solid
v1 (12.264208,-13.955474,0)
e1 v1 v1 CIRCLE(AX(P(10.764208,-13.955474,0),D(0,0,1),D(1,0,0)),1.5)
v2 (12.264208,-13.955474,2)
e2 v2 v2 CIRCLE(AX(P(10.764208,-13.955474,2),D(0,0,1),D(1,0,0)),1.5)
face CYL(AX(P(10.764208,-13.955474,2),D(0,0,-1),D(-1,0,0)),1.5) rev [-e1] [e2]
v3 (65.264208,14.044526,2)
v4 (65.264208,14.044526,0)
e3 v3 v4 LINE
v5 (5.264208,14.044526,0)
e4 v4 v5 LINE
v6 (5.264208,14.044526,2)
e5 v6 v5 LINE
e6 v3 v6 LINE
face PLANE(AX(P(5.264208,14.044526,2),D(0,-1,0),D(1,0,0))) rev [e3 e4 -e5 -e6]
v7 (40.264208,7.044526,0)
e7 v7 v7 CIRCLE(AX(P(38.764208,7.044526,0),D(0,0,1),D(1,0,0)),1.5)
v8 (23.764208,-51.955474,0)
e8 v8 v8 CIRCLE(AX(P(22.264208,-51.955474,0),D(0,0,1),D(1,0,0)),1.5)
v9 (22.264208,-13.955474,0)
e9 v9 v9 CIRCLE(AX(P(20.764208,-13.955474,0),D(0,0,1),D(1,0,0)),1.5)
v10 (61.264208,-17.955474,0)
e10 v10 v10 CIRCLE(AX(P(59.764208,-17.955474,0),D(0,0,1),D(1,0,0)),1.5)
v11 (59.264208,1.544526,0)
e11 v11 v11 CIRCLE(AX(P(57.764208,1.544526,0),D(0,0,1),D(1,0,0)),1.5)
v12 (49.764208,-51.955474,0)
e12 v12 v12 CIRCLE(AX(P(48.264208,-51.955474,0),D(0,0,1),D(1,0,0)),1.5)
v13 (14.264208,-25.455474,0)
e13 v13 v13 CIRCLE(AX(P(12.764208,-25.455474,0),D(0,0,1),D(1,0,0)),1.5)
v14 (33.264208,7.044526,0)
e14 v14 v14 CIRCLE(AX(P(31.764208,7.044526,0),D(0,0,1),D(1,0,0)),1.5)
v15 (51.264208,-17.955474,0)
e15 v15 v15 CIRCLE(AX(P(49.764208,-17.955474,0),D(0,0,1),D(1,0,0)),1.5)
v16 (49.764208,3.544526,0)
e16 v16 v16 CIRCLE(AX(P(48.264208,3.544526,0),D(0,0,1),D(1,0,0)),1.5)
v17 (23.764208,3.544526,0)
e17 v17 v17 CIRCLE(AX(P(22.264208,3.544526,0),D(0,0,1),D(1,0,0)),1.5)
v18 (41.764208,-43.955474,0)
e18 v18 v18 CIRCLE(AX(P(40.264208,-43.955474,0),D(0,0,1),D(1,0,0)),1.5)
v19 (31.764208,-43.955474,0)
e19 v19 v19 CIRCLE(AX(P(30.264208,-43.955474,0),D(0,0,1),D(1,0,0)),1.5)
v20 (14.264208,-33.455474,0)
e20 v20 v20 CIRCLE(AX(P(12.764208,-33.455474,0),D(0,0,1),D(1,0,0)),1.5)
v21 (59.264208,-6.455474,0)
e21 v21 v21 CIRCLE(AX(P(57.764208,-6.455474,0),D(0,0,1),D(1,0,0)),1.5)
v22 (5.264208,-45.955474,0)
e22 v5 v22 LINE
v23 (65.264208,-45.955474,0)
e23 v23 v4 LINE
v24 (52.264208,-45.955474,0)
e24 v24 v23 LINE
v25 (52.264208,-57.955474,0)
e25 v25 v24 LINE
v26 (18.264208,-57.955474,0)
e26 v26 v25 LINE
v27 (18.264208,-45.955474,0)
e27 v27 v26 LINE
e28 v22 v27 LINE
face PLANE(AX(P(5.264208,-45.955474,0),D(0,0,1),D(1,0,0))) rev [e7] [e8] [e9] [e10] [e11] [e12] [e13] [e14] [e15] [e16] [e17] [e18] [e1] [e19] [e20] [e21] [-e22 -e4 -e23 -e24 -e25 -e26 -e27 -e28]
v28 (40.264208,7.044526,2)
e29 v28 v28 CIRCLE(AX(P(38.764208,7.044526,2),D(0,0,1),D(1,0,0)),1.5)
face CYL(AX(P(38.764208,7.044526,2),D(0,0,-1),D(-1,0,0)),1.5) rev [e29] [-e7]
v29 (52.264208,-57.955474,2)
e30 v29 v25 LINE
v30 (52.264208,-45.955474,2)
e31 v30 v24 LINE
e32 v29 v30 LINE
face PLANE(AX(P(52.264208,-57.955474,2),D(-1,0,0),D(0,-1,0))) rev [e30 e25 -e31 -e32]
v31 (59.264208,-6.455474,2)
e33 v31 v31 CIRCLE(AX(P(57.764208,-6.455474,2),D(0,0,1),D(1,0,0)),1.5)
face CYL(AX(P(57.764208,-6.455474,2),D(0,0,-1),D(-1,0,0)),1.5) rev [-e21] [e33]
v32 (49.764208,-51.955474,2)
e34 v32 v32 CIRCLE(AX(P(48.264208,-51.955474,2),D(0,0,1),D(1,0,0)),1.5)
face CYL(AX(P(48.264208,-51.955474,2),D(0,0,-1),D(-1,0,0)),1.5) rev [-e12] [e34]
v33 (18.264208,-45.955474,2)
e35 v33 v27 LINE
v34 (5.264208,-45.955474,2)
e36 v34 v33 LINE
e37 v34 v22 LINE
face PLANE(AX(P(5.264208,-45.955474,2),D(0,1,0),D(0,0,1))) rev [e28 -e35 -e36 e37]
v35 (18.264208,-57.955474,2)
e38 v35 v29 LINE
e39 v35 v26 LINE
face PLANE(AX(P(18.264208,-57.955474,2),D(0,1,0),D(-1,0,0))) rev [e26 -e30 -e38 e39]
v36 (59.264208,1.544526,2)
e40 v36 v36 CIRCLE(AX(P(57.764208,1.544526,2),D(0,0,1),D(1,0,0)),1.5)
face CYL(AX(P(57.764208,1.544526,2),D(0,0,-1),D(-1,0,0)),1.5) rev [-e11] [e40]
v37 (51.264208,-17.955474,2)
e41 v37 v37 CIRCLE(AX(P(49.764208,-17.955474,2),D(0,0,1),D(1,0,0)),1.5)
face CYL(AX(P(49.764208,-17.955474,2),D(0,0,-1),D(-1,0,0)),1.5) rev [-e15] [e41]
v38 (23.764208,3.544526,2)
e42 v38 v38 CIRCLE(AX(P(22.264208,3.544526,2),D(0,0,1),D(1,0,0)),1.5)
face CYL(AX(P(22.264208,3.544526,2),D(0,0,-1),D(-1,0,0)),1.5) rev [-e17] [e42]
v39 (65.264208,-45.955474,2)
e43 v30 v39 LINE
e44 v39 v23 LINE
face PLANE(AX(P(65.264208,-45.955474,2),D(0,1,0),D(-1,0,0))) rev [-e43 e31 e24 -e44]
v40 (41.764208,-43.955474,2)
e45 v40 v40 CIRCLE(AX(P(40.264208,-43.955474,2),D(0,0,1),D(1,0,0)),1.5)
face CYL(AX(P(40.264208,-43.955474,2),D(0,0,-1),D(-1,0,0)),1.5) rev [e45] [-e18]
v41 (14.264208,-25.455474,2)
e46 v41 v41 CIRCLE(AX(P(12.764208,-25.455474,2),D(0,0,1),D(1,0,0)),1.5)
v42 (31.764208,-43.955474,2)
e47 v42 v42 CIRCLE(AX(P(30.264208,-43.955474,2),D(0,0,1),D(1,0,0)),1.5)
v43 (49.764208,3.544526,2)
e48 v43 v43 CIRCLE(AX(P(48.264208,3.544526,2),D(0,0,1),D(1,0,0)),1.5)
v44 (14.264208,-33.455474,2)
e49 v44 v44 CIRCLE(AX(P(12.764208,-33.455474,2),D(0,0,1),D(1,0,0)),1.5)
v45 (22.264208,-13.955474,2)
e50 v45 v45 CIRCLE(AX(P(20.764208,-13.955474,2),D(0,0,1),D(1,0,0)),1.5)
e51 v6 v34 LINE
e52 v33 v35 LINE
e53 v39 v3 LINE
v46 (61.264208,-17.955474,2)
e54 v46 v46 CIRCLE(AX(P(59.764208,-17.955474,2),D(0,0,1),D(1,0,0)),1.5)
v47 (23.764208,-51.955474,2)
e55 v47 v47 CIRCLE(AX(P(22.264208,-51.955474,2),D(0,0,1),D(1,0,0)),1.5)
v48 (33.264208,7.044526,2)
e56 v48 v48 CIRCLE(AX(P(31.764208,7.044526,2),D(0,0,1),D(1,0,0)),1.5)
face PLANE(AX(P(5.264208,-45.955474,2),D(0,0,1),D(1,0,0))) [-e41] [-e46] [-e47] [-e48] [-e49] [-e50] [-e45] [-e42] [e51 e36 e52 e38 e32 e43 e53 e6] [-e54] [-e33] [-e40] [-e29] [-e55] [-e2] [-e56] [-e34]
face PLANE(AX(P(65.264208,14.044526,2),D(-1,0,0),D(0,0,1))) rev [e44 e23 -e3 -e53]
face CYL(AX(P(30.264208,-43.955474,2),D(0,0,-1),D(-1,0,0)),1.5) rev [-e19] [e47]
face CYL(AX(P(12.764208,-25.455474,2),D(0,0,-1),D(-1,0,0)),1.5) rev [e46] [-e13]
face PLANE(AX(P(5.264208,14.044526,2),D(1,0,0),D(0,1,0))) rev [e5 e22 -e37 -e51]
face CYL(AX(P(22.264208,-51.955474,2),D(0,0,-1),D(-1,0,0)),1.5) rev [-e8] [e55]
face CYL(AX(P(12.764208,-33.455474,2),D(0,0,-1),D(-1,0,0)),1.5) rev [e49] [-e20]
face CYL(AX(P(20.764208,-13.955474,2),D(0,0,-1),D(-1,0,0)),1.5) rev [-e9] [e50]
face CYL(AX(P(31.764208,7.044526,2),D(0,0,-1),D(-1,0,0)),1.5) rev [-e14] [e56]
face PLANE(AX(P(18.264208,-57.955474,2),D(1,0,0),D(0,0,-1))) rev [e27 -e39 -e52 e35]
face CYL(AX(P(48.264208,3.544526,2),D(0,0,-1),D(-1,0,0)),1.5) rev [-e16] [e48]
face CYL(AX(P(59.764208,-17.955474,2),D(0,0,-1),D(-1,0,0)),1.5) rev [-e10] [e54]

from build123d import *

# Parameters (mm, degrees)
ESQUISSE1_R      = 1.5
EXTRUSION1_DEPTH = 2


with BuildPart() as part:
    # Esquisse1 → Extrusion1 (new body)
    with BuildSketch(Plane.XY):
        Polygon((5.264207965, 14.044526316), (65.264207965, 14.044526316), (65.264207965, -45.955473684), (52.264207965, -45.955473684), (52.264207965, -57.955473684), (18.264207965, -57.955473684), (18.264207965, -45.955473684), (5.264207965, -45.955473684), align=None)
        with Locations((57.764207965, 1.544526316)):
            Circle(ESQUISSE1_R, mode=Mode.SUBTRACT)
        with Locations((57.764207965, -6.455473684)):
            Circle(ESQUISSE1_R, mode=Mode.SUBTRACT)
        with Locations((12.764207965, -33.455473684)):
            Circle(ESQUISSE1_R, mode=Mode.SUBTRACT)
        with Locations((12.764207965, -25.455473684)):
            Circle(ESQUISSE1_R, mode=Mode.SUBTRACT)
        with Locations((40.264207965, -43.955473684)):
            Circle(ESQUISSE1_R, mode=Mode.SUBTRACT)
        with Locations((30.264207965, -43.955473684)):
            Circle(ESQUISSE1_R, mode=Mode.SUBTRACT)
        with Locations((49.764207965, -17.955473684)):
            Circle(ESQUISSE1_R, mode=Mode.SUBTRACT)
        with Locations((59.764207965, -17.955473684)):
            Circle(ESQUISSE1_R, mode=Mode.SUBTRACT)
        with Locations((31.764207965, 7.044526316)):
            Circle(ESQUISSE1_R, mode=Mode.SUBTRACT)
        with Locations((38.764207965, 7.044526316)):
            Circle(ESQUISSE1_R, mode=Mode.SUBTRACT)
        with Locations((22.264207965, 3.544526316)):
            Circle(ESQUISSE1_R, mode=Mode.SUBTRACT)
        with Locations((48.264207965, 3.544526316)):
            Circle(ESQUISSE1_R, mode=Mode.SUBTRACT)
        with Locations((20.764207965, -13.955473684)):
            Circle(ESQUISSE1_R, mode=Mode.SUBTRACT)
        with Locations((10.764207965, -13.955473684)):
            Circle(ESQUISSE1_R, mode=Mode.SUBTRACT)
        with Locations((22.264207965, -51.955473684)):
            Circle(ESQUISSE1_R, mode=Mode.SUBTRACT)
        with Locations((48.264207965, -51.955473684)):
            Circle(ESQUISSE1_R, mode=Mode.SUBTRACT)
    extrude(amount=EXTRUSION1_DEPTH)


solid = part.part
